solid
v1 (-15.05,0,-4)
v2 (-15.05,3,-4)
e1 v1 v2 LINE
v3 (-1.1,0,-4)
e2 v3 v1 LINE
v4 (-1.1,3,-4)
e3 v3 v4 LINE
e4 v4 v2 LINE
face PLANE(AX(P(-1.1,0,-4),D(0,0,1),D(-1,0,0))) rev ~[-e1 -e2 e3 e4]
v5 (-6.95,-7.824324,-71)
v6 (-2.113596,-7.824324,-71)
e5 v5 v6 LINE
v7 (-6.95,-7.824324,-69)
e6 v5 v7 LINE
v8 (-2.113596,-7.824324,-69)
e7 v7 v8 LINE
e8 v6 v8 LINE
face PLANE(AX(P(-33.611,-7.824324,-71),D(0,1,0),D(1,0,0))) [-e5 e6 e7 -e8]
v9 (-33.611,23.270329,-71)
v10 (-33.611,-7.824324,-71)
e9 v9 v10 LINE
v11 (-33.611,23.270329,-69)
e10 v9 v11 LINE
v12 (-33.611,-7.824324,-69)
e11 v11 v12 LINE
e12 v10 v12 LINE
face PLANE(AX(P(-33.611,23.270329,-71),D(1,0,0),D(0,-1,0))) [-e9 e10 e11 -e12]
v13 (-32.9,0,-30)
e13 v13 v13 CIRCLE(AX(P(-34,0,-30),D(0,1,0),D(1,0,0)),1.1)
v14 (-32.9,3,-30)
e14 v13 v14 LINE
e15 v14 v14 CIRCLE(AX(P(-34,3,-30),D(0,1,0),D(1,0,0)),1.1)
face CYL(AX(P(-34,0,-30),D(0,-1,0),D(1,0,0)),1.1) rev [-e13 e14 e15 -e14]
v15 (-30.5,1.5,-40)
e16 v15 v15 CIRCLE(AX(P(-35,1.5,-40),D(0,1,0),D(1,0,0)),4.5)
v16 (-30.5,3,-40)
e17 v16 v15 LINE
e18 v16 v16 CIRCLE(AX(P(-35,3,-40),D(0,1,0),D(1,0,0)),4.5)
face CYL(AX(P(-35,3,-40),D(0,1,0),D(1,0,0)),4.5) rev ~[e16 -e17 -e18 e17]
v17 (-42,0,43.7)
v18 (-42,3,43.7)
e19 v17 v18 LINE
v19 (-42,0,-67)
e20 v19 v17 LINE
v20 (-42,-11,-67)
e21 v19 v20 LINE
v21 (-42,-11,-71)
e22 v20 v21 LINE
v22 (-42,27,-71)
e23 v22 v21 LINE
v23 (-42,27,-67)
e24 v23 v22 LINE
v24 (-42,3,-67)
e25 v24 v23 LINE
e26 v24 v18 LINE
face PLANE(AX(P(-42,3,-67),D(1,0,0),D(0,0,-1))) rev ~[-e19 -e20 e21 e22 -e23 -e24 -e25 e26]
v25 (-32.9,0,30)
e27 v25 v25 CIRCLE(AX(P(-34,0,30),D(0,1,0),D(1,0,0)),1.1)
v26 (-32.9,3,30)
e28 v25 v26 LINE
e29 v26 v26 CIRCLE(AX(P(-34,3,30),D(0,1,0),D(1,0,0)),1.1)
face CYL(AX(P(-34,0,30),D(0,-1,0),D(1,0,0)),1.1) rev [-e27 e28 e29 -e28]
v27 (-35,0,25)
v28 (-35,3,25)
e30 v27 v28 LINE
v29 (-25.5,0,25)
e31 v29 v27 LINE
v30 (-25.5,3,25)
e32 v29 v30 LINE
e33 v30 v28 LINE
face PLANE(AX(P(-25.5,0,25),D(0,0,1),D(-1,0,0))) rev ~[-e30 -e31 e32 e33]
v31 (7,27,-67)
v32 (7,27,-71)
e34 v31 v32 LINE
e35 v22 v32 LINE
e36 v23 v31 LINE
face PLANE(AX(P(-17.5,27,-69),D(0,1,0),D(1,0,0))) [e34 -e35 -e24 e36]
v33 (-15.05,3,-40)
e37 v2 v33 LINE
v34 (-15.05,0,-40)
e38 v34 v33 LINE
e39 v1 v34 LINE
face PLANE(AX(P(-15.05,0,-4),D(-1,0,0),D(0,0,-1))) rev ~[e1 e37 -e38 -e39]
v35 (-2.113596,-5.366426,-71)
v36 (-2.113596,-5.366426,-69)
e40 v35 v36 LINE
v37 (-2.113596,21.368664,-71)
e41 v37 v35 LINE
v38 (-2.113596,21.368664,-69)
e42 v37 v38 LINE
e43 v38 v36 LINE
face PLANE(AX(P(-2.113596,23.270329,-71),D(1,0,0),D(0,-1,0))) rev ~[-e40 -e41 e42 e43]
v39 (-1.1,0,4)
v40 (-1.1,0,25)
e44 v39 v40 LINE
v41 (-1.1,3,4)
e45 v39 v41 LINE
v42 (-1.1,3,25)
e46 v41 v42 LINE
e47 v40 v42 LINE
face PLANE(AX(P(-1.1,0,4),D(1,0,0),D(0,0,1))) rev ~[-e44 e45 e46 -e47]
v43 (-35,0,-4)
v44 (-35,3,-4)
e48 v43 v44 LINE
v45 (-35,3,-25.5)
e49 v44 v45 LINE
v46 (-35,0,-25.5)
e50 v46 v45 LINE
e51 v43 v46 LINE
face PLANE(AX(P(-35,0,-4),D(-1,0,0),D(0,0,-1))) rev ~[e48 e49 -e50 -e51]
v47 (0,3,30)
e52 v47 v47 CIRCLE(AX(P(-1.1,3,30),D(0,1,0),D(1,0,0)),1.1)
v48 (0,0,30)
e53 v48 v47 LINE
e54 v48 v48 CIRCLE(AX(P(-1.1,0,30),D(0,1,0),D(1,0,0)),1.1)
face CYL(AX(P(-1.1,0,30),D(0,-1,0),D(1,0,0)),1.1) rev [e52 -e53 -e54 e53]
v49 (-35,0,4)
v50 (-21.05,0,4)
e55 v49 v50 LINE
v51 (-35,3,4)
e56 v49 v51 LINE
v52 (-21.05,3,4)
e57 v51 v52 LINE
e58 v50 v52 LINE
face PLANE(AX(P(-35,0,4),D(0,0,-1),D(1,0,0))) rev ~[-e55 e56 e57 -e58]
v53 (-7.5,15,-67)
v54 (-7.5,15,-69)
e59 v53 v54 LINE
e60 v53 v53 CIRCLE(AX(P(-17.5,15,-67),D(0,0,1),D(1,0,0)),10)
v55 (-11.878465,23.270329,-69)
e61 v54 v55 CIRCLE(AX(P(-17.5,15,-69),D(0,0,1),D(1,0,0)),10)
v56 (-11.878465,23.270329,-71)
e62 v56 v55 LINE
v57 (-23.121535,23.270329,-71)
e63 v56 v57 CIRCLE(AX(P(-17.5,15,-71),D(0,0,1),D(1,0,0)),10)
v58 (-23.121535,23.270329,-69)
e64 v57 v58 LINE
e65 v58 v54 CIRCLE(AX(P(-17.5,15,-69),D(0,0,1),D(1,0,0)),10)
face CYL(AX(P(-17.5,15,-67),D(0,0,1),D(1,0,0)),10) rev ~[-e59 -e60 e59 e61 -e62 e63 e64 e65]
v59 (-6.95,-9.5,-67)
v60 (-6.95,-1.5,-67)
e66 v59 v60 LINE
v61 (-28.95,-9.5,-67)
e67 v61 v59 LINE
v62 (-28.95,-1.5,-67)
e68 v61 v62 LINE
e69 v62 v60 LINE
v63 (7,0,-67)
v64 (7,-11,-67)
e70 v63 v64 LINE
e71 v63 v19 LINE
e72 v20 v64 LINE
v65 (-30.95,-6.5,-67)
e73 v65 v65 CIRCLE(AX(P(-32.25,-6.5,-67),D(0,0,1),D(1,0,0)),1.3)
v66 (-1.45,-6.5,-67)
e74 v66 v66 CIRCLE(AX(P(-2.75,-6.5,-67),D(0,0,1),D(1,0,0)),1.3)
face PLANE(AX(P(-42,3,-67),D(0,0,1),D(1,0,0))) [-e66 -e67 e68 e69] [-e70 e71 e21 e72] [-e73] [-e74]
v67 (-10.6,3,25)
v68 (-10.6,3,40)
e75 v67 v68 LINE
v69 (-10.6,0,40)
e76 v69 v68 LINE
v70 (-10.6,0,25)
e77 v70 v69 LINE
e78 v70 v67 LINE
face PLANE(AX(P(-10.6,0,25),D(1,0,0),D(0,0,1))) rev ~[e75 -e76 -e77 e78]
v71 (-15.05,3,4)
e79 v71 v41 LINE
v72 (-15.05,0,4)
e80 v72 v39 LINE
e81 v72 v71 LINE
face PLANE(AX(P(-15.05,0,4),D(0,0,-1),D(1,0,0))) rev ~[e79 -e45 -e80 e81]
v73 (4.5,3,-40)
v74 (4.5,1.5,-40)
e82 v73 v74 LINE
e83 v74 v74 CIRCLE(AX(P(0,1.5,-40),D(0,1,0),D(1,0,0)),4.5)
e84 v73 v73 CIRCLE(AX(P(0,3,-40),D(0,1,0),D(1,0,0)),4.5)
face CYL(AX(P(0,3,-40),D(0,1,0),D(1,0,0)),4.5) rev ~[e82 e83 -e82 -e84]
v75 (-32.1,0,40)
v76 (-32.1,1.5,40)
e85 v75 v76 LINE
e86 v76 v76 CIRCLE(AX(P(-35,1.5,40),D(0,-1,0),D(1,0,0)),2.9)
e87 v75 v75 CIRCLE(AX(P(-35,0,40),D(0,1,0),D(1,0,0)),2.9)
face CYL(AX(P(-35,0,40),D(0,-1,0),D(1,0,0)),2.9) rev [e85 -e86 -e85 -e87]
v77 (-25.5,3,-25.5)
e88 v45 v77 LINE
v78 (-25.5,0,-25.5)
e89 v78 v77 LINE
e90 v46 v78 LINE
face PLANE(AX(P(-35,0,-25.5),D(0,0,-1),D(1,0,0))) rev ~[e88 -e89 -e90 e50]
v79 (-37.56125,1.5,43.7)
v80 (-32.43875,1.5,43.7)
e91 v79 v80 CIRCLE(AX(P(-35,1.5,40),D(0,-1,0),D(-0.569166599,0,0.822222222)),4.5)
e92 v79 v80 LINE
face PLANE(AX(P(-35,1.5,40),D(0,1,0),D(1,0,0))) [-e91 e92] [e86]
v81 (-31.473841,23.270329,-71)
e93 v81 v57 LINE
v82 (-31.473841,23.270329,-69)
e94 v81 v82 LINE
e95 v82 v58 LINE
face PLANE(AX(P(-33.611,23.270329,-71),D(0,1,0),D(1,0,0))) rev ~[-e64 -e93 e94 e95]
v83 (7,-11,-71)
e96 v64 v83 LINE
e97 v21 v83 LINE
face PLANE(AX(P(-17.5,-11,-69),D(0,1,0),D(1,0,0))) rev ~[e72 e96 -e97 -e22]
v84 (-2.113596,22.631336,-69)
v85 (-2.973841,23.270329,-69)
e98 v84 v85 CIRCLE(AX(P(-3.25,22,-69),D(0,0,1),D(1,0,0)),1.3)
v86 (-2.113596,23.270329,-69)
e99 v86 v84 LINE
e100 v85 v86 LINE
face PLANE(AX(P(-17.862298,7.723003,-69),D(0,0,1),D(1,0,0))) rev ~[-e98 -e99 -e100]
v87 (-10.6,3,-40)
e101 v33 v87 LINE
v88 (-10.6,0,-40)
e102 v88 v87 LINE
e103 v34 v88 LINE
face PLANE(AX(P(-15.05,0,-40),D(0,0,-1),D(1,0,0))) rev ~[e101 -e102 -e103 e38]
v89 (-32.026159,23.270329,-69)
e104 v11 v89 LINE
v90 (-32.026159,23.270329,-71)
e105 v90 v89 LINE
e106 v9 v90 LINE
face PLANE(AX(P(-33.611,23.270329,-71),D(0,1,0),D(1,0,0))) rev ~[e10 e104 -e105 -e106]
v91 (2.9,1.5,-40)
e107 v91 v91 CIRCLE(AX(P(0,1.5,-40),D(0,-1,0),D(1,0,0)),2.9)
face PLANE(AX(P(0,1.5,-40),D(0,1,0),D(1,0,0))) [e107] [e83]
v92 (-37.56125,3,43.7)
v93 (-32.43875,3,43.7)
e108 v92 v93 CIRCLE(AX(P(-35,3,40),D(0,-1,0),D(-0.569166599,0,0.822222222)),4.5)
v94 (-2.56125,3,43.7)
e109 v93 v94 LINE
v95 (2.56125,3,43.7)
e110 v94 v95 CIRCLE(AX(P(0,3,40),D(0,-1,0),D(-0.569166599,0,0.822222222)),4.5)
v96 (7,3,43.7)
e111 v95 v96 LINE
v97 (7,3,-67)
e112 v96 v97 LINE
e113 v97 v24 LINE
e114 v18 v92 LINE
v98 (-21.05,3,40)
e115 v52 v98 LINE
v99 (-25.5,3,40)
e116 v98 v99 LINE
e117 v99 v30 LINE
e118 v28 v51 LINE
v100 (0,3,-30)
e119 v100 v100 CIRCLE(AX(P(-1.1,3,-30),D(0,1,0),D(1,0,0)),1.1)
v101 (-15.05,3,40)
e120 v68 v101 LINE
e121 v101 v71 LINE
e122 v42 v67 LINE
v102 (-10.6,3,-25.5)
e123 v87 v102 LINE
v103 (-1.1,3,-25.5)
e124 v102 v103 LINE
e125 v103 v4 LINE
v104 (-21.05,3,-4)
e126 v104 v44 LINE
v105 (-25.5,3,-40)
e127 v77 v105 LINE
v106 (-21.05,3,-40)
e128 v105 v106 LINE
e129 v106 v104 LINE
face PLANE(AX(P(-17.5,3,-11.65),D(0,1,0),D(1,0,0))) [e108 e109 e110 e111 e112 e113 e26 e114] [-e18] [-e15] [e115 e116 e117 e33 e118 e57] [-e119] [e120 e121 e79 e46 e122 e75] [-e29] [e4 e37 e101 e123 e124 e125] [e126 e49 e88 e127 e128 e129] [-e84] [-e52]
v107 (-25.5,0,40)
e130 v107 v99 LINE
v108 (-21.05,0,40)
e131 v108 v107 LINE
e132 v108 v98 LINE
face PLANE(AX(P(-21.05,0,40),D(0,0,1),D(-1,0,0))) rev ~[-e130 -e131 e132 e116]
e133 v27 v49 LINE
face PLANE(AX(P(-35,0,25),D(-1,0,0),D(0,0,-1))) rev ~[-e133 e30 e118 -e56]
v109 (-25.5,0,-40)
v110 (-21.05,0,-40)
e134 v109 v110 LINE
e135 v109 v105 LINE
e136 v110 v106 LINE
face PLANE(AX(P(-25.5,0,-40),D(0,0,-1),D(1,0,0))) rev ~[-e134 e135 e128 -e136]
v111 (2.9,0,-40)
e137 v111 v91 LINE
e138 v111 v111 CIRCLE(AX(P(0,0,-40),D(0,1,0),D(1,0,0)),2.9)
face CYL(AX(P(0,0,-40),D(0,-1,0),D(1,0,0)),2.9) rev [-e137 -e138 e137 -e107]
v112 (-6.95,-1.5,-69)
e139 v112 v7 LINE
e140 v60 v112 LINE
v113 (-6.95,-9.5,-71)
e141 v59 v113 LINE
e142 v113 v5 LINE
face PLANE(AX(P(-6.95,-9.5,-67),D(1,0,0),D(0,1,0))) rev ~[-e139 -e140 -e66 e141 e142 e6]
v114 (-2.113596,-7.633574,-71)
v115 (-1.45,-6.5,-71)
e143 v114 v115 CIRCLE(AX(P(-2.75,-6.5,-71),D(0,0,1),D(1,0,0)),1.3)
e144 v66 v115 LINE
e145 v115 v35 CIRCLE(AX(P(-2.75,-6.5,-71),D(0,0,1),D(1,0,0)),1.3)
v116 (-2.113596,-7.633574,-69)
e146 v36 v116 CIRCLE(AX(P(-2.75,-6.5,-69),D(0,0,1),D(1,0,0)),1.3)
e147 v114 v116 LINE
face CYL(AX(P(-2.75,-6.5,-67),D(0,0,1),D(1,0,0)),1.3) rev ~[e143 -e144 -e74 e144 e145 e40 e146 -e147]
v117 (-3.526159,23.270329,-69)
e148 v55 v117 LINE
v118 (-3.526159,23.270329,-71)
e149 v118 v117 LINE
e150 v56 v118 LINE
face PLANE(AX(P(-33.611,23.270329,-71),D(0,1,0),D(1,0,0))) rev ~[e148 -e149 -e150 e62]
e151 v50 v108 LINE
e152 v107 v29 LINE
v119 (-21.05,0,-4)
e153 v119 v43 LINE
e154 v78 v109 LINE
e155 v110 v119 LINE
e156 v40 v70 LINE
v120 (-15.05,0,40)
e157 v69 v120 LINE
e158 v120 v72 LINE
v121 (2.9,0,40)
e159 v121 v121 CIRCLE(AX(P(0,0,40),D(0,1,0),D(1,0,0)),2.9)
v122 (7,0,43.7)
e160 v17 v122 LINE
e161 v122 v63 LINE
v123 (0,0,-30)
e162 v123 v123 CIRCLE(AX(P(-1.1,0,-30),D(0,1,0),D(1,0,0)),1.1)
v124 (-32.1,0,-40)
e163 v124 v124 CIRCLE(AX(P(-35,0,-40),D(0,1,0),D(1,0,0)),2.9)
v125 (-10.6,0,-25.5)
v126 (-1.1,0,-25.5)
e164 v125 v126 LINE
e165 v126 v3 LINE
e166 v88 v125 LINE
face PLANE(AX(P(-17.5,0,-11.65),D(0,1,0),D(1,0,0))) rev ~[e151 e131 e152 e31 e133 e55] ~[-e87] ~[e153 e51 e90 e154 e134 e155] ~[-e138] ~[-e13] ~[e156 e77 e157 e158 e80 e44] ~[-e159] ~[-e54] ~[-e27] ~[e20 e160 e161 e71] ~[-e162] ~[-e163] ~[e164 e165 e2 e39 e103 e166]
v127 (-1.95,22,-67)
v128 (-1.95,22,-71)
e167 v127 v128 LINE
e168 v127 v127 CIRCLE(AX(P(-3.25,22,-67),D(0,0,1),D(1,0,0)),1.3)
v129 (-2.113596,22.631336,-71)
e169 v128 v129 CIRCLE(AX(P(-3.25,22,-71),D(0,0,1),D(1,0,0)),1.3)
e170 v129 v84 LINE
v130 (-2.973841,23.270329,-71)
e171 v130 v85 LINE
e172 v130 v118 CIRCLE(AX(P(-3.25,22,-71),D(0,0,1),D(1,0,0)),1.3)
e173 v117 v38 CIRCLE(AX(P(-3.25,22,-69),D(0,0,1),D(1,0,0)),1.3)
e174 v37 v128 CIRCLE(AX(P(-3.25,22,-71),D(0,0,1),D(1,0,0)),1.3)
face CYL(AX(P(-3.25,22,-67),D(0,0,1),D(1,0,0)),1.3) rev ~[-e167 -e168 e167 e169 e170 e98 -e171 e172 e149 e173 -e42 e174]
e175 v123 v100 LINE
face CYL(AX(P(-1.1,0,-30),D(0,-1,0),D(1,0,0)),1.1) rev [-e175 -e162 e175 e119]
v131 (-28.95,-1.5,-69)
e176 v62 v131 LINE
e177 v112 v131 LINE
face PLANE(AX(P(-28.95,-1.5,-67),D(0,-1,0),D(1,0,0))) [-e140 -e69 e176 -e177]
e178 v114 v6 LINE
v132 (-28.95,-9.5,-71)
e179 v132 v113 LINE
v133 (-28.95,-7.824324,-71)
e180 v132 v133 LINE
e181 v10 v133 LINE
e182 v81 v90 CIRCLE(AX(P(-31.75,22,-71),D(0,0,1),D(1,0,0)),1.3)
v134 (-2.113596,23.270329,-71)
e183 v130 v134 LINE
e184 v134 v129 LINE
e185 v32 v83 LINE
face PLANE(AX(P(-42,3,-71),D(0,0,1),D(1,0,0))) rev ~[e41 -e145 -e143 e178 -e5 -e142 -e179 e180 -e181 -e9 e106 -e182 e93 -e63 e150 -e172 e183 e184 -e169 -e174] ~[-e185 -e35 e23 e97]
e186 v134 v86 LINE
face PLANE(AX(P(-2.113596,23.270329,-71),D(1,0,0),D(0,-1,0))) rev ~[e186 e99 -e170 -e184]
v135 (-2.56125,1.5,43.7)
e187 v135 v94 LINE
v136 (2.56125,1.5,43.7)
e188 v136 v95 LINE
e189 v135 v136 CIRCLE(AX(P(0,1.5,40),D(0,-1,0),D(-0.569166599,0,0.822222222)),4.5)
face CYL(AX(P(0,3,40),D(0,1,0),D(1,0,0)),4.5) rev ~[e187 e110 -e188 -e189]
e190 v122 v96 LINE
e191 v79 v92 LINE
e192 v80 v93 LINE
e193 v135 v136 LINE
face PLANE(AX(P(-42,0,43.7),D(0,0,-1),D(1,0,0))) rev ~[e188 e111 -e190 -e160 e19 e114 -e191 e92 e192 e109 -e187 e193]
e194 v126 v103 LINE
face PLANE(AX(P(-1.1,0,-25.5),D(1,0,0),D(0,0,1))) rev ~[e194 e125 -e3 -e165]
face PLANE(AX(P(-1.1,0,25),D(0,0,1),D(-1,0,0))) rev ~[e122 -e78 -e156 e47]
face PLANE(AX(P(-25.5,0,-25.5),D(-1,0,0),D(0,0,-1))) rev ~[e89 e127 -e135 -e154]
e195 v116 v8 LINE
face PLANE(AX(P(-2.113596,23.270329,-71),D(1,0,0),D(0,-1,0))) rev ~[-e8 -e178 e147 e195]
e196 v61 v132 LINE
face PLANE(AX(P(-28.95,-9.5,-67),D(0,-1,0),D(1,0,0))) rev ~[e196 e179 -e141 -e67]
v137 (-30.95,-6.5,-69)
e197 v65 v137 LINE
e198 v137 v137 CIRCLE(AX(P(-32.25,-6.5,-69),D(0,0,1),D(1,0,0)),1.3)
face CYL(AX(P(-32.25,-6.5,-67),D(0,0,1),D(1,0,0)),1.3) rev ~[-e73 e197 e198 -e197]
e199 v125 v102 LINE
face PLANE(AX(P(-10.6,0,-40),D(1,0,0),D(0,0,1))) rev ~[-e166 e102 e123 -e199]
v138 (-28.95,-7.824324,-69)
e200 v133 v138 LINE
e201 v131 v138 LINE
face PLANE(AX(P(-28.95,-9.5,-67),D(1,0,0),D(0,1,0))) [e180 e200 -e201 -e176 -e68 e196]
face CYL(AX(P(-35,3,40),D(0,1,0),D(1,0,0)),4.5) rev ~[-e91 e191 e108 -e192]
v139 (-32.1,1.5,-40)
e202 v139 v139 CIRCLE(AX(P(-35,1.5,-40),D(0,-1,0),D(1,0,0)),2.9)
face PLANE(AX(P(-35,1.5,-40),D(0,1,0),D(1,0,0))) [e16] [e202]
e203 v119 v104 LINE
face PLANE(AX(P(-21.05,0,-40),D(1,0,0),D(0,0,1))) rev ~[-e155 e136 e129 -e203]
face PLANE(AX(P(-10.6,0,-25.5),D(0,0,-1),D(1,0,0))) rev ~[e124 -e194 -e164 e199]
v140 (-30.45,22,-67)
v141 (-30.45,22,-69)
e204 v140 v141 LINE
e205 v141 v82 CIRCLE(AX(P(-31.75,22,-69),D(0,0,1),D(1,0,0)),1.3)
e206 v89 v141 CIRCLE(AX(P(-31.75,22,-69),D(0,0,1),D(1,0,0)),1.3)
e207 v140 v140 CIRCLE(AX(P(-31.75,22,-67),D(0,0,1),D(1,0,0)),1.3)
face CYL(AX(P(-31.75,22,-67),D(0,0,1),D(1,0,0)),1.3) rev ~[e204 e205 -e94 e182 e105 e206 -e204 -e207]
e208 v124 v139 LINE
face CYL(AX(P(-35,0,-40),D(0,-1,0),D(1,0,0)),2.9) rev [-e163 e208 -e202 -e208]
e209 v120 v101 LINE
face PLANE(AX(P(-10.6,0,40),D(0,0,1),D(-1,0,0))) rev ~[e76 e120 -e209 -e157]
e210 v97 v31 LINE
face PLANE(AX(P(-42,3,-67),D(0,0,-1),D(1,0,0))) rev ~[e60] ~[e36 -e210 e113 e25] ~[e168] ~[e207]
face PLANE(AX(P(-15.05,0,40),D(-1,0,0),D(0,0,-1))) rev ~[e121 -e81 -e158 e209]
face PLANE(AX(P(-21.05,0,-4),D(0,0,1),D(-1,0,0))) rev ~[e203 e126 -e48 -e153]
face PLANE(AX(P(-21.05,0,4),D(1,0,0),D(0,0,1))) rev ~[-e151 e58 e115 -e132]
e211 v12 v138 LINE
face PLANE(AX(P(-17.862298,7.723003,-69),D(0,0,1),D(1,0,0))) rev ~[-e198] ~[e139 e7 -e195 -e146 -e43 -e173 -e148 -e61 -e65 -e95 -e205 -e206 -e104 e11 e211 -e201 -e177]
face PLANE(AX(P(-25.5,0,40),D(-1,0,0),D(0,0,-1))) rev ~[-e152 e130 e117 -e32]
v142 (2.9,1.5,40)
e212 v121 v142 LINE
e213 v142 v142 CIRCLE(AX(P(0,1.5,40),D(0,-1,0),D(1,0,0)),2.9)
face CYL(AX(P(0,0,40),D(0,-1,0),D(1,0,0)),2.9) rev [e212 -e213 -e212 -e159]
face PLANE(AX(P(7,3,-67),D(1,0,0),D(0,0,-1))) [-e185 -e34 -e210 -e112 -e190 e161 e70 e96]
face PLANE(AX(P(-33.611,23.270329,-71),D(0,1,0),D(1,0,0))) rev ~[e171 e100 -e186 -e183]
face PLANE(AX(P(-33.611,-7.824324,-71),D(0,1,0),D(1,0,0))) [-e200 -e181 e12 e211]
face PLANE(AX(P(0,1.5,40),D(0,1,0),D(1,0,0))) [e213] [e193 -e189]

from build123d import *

# Parameters (mm, degrees)
SKETCH_1_R           = 2.9
SKETCH_1_R_2         = 1.1
EXTRUDE_1_DEPTH      = 3
SKETCH_2_R           = 4.5
CUT_EXTRUDE_1_DEPTH  = 1.5
SKETCH_3_W           = 49
SKETCH_3_H           = 4
EXTRUDE_2_DEPTH      = 24
EXTRUDE_2_DEPTH_BACK = 14
SKETCH_4_W           = 22
SKETCH_4_H           = 8
SKETCH_4_R           = 1.3
SKETCH_4_R_2         = 10
CUT_EXTRUDE_7_DEPTH  = 5
CUT_EXTRUDE_8_DEPTH  = 2


with BuildPart() as part:
    # 草图1 → 凸台-拉伸1 (new body)
    with BuildSketch(Plane(origin=(0, 0, 0), x_dir=(1, 0, 0), z_dir=(0, 1, 0))):
        Polygon((-42, 50.3), (-42, 3.3), (-42, -43.7), (0, -43.7), (7, -43.7), (7, 47), (7, 67), (-42, 67), align=None)
        with Locations((-35, -40)):
            Circle(SKETCH_1_R, mode=Mode.SUBTRACT)
        with Locations((-34, -30)):
            Circle(SKETCH_1_R_2, mode=Mode.SUBTRACT)
        Polygon((-35, -25), (-35, -4), (-21.05, -4), (-21.05, -40), (-25.5, -40), (-25.5, -25), align=None, mode=Mode.SUBTRACT)
        Polygon((-1.1, -4), (-1.1, -25), (-10.6, -25), (-10.6, -40), (-15.05, -40), (-15.05, -4), align=None, mode=Mode.SUBTRACT)
        with Locations((0, -40)):
            Circle(SKETCH_1_R, mode=Mode.SUBTRACT)
        with Locations((-1.1, -30)):
            Circle(SKETCH_1_R_2, mode=Mode.SUBTRACT)
        with Locations((-34, 30)):
            Circle(SKETCH_1_R_2, mode=Mode.SUBTRACT)
        Polygon((-21.05, 4), (-35, 4), (-35, 25.5), (-25.5, 25.5), (-25.5, 40), (-21.05, 40), align=None, mode=Mode.SUBTRACT)
        with Locations((-35, 40)):
            Circle(SKETCH_1_R, mode=Mode.SUBTRACT)
        Polygon((-10.6, 25.5), (-1.1, 25.5), (-1.1, 4), (-15.05, 4), (-15.05, 40), (-10.6, 40), align=None, mode=Mode.SUBTRACT)
        with Locations((-1.1, 30)):
            Circle(SKETCH_1_R_2, mode=Mode.SUBTRACT)
        with Locations((0, 40)):
            Circle(SKETCH_1_R, mode=Mode.SUBTRACT)
    extrude(amount=EXTRUDE_1_DEPTH)

    # 草图2 → 切除-拉伸1 (cut)
    with BuildSketch(Plane(origin=(0, 3, 0), x_dir=(1, 0, 0), z_dir=(0, 1, 0))):
        with Locations((-35, 40)):
            Circle(SKETCH_2_R)
        with Locations((0, 40)):
            Circle(SKETCH_2_R)
        with Locations((0, -40)):
            Circle(SKETCH_2_R)
        with Locations((-35, -40)):
            Circle(SKETCH_2_R)
    extrude(amount=-CUT_EXTRUDE_1_DEPTH, mode=Mode.SUBTRACT)

    # 草图3 → 凸台-拉伸2 (add, two sides)
    with BuildSketch(Plane(origin=(0, 3, 0), x_dir=(1, 0, 0), z_dir=(0, 1, 0))) as extrude_2_sk:
        with Locations((-17.5, 69)):
            Rectangle(SKETCH_3_W, SKETCH_3_H)
    extrude(amount=EXTRUDE_2_DEPTH)
    extrude(extrude_2_sk.sketch, amount=-EXTRUDE_2_DEPTH_BACK)

    # 草图4 → 切除-拉伸7 (cut, through all)
    with BuildSketch(Plane.XY.offset(-67)):
        with Locations((-17.95, -5.5)):
            Rectangle(SKETCH_4_W, SKETCH_4_H)
        with Locations((-31.75, 22)):
            Circle(SKETCH_4_R)
        with Locations((-3.25, 22)):
            Circle(SKETCH_4_R)
        with Locations((-2.75, -6.5)):
            Circle(SKETCH_4_R)
        with Locations((-32.25, -6.5)):
            Circle(SKETCH_4_R)
        with Locations((-17.5, 15)):
            Circle(SKETCH_4_R_2)
    extrude(amount=-CUT_EXTRUDE_7_DEPTH, mode=Mode.SUBTRACT)

    # 草图5 → 切除-拉伸8 (cut)
    with BuildSketch(Plane(origin=(0, 0, -71), x_dir=(-1, 0, 0), z_dir=(0, 0, -1))):
        Polygon((2.113595541, 22.631335811), (2.113595541, 23.270329273), (32.026158538, 23.270329273), (33.610999862, 23.270329273), (33.610999862, -7.824323718), (2.113595541, -7.824323718), align=None)
    extrude(amount=-CUT_EXTRUDE_8_DEPTH, mode=Mode.SUBTRACT)


solid = part.part
